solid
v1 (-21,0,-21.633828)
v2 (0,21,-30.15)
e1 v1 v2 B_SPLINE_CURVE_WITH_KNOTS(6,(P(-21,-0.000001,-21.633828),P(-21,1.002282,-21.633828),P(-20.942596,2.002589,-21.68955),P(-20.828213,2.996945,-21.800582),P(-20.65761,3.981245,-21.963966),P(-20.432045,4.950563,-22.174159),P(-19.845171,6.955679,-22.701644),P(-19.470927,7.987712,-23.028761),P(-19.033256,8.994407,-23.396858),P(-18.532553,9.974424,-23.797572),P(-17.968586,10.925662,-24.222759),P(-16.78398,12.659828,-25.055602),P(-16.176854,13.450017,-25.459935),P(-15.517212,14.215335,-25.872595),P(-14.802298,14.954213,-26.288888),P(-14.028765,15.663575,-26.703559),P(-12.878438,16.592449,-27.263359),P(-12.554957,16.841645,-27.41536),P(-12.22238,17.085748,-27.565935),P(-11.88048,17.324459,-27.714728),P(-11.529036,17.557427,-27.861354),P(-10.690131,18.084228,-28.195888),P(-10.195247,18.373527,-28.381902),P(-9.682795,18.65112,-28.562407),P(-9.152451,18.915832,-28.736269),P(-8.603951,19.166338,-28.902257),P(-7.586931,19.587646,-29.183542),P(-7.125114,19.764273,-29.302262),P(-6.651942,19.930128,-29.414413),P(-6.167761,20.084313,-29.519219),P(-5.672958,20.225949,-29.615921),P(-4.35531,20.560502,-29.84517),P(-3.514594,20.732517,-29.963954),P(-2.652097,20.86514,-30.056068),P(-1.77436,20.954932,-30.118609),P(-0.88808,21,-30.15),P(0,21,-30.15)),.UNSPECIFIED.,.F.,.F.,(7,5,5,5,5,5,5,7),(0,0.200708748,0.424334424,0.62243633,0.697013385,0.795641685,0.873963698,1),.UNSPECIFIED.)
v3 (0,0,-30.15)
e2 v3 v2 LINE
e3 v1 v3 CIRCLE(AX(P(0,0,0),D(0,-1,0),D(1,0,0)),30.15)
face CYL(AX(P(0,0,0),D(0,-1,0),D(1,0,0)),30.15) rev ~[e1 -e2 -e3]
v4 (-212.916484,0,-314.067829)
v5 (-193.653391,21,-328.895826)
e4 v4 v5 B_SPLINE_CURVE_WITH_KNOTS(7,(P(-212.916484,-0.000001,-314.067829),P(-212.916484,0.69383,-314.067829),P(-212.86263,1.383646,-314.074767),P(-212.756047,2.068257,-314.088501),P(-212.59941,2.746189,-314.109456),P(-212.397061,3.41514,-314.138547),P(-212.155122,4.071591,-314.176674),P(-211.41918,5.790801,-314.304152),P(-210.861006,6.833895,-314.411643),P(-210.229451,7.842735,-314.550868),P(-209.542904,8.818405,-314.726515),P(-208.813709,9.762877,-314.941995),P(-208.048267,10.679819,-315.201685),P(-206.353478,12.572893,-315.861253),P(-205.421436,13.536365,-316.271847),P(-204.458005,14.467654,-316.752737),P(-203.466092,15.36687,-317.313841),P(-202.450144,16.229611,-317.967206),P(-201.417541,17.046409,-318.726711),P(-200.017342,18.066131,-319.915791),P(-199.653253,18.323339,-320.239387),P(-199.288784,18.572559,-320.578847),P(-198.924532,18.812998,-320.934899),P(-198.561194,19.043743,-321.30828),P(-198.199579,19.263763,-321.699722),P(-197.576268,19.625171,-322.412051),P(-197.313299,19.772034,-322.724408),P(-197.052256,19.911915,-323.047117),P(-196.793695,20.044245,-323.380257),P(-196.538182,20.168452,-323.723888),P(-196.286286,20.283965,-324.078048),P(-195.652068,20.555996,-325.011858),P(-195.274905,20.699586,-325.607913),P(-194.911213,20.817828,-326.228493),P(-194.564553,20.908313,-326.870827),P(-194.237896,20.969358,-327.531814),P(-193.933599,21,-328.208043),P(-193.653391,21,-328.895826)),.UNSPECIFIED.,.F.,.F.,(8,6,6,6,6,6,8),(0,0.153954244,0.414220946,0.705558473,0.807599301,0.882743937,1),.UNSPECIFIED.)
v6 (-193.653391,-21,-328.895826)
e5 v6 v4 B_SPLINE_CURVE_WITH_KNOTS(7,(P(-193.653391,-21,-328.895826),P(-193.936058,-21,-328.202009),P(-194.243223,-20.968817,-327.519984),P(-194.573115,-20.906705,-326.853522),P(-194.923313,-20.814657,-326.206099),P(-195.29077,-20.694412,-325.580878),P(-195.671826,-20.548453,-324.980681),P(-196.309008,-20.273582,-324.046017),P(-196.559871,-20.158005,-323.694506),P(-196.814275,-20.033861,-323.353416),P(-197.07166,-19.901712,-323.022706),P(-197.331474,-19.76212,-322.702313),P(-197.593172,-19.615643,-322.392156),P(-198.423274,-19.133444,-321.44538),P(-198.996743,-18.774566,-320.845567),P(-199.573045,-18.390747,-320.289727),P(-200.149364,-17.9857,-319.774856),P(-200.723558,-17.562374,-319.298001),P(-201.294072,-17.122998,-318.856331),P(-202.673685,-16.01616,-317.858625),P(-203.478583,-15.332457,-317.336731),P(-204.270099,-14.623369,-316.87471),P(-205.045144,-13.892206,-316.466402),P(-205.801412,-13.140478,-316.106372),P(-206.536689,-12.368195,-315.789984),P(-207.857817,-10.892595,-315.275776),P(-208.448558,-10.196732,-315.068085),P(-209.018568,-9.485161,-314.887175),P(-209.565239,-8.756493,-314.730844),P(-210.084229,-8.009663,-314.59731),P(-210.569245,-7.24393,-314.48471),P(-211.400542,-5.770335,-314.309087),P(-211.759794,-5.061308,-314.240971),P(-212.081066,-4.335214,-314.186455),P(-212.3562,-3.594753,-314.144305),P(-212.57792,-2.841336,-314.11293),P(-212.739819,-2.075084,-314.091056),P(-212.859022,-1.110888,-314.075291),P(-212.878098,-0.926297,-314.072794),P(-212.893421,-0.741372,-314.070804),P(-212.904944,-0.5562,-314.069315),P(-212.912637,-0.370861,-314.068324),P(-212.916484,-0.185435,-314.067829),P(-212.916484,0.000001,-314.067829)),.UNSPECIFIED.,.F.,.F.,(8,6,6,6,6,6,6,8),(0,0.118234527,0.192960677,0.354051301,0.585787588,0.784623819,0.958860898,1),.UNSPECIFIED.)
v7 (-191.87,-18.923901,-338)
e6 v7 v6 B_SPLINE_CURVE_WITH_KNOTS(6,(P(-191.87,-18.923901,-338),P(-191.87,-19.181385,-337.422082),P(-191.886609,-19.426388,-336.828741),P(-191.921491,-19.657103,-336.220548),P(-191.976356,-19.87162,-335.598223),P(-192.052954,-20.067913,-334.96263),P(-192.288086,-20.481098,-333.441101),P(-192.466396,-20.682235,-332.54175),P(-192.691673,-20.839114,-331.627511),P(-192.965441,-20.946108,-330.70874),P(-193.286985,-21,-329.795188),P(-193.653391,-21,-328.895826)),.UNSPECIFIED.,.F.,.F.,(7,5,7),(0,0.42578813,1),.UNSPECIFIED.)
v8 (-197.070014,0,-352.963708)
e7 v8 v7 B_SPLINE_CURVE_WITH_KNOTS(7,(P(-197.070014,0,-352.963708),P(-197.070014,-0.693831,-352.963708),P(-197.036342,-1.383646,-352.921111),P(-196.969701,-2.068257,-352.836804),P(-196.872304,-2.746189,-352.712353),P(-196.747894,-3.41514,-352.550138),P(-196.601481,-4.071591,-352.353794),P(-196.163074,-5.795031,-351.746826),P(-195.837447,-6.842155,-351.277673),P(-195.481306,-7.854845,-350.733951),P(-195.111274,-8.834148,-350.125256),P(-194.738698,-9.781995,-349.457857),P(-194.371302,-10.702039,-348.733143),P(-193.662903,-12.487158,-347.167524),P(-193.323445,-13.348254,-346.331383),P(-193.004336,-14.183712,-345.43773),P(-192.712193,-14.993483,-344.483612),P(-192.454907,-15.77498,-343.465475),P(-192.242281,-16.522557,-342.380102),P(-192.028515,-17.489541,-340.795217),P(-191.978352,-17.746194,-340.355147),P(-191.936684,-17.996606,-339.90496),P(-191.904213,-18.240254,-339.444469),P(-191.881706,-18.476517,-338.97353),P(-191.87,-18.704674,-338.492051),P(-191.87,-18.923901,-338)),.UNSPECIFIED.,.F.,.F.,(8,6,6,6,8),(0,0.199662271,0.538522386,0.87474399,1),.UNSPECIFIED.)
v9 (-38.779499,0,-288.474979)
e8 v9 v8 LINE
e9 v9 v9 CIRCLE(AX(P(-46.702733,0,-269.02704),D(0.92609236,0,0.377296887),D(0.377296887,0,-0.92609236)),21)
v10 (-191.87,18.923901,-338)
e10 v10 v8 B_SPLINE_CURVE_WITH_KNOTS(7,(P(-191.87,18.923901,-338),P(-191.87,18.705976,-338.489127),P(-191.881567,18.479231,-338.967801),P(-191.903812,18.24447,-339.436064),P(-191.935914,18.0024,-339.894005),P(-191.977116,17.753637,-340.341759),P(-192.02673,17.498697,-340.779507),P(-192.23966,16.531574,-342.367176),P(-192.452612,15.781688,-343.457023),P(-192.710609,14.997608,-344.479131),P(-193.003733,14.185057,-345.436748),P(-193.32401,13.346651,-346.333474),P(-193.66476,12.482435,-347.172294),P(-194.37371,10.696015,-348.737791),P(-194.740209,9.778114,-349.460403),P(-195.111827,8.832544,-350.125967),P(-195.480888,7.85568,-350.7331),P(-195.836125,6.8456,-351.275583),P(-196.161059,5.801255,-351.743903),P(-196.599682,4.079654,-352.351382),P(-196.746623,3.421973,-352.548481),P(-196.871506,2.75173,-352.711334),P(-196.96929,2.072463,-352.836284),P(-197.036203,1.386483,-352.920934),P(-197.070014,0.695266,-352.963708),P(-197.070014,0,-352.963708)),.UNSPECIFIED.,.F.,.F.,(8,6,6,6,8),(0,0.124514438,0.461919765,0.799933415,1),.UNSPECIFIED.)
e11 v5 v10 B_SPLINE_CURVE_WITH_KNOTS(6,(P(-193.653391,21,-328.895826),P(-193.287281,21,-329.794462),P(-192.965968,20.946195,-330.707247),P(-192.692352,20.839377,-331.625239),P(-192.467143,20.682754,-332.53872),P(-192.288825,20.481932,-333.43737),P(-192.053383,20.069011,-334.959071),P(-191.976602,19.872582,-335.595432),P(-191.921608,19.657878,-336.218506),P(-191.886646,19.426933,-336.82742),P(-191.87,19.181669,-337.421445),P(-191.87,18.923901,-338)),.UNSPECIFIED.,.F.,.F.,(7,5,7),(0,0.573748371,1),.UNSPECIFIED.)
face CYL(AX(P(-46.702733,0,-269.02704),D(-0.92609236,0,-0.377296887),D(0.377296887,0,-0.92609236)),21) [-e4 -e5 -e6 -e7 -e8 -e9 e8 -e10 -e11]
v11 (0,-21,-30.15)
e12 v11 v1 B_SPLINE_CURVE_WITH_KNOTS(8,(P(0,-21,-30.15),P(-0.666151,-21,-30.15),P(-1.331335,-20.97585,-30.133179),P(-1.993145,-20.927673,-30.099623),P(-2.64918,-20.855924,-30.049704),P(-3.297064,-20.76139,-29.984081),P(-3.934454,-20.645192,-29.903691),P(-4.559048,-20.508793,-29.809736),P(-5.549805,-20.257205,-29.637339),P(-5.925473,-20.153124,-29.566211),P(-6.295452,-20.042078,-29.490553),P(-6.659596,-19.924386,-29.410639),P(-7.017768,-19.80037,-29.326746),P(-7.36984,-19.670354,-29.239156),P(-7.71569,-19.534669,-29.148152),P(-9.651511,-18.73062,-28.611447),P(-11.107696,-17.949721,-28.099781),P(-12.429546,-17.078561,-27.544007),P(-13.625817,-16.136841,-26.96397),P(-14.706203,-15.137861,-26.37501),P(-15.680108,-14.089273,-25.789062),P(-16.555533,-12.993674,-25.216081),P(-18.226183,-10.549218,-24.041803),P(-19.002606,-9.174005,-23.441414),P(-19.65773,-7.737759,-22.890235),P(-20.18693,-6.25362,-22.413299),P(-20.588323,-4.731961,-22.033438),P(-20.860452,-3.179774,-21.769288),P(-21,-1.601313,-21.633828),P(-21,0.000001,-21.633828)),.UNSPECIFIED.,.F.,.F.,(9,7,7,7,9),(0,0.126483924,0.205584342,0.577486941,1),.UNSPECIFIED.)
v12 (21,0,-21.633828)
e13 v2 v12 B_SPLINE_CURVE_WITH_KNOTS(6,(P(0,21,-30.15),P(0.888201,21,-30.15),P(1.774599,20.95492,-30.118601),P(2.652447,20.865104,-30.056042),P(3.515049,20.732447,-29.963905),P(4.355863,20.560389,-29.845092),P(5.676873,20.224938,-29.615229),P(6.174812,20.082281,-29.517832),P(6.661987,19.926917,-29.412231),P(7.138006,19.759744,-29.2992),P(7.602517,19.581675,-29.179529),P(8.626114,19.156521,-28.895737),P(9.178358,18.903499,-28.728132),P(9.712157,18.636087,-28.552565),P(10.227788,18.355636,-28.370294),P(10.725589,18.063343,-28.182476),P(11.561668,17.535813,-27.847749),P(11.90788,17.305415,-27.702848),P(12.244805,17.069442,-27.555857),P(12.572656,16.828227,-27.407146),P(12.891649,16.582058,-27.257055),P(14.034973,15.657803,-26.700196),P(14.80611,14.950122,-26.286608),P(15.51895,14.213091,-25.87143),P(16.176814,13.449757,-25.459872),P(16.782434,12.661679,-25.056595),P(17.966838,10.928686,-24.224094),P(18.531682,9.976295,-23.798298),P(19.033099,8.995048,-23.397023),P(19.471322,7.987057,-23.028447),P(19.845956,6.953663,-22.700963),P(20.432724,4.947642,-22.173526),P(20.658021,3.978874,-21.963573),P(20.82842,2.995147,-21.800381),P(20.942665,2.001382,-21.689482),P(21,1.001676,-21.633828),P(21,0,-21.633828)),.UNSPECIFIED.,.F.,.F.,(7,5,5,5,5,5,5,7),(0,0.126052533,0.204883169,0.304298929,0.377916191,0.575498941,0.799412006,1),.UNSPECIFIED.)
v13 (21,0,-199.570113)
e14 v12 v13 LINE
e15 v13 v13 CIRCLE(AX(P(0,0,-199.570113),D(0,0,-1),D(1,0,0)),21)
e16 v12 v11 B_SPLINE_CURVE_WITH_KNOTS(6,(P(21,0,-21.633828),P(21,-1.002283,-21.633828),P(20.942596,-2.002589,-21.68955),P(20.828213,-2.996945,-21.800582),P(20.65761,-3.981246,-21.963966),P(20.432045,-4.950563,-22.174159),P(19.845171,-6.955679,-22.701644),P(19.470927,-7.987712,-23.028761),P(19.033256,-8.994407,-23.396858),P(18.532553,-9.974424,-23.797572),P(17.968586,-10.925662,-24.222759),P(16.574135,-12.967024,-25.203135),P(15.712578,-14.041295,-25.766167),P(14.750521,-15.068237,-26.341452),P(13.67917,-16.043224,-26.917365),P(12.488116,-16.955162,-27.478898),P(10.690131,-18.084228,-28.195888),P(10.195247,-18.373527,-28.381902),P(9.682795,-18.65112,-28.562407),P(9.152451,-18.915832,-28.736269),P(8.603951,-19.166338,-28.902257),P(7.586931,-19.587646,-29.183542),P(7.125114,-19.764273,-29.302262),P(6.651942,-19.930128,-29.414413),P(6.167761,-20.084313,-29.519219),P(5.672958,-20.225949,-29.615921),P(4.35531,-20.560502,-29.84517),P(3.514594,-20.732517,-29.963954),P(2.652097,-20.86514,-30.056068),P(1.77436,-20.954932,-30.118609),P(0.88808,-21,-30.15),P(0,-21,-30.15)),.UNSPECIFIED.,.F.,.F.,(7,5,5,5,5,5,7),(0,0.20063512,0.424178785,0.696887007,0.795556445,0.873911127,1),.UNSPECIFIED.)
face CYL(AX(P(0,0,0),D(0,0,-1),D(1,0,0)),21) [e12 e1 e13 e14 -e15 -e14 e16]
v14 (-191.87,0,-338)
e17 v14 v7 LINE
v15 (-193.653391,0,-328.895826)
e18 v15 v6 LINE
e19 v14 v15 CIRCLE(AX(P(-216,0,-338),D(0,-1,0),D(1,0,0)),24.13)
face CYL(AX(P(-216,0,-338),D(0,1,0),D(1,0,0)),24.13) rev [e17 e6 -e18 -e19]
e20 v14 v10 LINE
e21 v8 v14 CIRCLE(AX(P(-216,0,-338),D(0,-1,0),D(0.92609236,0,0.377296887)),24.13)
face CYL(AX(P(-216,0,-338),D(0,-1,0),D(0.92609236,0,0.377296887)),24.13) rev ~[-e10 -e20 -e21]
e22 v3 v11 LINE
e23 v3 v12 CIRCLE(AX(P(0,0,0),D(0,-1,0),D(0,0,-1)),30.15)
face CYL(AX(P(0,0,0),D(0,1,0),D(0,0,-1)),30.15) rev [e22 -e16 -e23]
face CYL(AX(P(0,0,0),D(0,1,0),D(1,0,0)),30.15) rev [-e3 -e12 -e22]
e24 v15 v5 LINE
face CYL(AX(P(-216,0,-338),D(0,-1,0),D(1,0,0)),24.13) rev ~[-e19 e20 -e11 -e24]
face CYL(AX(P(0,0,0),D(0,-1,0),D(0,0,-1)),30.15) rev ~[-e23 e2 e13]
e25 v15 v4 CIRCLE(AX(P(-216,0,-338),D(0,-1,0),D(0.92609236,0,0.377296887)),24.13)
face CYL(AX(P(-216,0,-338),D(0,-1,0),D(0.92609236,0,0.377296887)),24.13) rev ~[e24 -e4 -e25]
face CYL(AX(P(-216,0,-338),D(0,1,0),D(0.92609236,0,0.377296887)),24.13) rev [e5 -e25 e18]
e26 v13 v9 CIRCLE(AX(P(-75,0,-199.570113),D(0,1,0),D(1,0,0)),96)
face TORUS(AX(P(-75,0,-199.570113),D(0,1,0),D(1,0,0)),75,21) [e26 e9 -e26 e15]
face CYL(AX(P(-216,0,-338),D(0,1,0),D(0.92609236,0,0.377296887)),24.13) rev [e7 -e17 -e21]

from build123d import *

# Parameters (mm, degrees)
F1_R          = 21
F3_DEPTH      = 21.0010001
F3_DEPTH_BACK = 21.0010001


with BuildPart() as f2:
    # F2: sweep along a path in F0
    with BuildLine(Plane.XZ) as f2_path:
        Line((0, 0), (0, -199.5701125716))
        ThreePointArc((0, -199.5701125716), (-12.7613665352, -241.419276296), (-46.7027334515, -269.0270395543))
        Line((-46.7027334515, -269.0270395543), (-216, -338))
    # F1 (on Top) → F2 (sweep)
    with BuildSketch(Plane.XY):
        Circle(F1_R)
    sweep(path=f2_path.line)

    # F0 (on Front) → F3 (cut, two sides)
    with BuildSketch(Plane.XZ) as f3_sk:
        with BuildLine():
            ThreePointArc((0, -30.15), (21.3192694528, -21.3192694528), (30.15, 0))
            ThreePointArc((30.15, 0), (-21.3192694528, 21.3192694528), (0, -30.15))
        make_face()
        with BuildLine():
            ThreePointArc((-191.87, -338), (-192.3200446948, -333.3613992688), (-193.6533913588, -328.8958261091))
            ThreePointArc((-193.6533913588, -328.8958261091), (-239.6799553052, -342.6386007312), (-191.87, -338))
        make_face()
    extrude(amount=-F3_DEPTH, mode=Mode.SUBTRACT)
    extrude(f3_sk.sketch, amount=F3_DEPTH_BACK, mode=Mode.SUBTRACT)


solid = f2.part
